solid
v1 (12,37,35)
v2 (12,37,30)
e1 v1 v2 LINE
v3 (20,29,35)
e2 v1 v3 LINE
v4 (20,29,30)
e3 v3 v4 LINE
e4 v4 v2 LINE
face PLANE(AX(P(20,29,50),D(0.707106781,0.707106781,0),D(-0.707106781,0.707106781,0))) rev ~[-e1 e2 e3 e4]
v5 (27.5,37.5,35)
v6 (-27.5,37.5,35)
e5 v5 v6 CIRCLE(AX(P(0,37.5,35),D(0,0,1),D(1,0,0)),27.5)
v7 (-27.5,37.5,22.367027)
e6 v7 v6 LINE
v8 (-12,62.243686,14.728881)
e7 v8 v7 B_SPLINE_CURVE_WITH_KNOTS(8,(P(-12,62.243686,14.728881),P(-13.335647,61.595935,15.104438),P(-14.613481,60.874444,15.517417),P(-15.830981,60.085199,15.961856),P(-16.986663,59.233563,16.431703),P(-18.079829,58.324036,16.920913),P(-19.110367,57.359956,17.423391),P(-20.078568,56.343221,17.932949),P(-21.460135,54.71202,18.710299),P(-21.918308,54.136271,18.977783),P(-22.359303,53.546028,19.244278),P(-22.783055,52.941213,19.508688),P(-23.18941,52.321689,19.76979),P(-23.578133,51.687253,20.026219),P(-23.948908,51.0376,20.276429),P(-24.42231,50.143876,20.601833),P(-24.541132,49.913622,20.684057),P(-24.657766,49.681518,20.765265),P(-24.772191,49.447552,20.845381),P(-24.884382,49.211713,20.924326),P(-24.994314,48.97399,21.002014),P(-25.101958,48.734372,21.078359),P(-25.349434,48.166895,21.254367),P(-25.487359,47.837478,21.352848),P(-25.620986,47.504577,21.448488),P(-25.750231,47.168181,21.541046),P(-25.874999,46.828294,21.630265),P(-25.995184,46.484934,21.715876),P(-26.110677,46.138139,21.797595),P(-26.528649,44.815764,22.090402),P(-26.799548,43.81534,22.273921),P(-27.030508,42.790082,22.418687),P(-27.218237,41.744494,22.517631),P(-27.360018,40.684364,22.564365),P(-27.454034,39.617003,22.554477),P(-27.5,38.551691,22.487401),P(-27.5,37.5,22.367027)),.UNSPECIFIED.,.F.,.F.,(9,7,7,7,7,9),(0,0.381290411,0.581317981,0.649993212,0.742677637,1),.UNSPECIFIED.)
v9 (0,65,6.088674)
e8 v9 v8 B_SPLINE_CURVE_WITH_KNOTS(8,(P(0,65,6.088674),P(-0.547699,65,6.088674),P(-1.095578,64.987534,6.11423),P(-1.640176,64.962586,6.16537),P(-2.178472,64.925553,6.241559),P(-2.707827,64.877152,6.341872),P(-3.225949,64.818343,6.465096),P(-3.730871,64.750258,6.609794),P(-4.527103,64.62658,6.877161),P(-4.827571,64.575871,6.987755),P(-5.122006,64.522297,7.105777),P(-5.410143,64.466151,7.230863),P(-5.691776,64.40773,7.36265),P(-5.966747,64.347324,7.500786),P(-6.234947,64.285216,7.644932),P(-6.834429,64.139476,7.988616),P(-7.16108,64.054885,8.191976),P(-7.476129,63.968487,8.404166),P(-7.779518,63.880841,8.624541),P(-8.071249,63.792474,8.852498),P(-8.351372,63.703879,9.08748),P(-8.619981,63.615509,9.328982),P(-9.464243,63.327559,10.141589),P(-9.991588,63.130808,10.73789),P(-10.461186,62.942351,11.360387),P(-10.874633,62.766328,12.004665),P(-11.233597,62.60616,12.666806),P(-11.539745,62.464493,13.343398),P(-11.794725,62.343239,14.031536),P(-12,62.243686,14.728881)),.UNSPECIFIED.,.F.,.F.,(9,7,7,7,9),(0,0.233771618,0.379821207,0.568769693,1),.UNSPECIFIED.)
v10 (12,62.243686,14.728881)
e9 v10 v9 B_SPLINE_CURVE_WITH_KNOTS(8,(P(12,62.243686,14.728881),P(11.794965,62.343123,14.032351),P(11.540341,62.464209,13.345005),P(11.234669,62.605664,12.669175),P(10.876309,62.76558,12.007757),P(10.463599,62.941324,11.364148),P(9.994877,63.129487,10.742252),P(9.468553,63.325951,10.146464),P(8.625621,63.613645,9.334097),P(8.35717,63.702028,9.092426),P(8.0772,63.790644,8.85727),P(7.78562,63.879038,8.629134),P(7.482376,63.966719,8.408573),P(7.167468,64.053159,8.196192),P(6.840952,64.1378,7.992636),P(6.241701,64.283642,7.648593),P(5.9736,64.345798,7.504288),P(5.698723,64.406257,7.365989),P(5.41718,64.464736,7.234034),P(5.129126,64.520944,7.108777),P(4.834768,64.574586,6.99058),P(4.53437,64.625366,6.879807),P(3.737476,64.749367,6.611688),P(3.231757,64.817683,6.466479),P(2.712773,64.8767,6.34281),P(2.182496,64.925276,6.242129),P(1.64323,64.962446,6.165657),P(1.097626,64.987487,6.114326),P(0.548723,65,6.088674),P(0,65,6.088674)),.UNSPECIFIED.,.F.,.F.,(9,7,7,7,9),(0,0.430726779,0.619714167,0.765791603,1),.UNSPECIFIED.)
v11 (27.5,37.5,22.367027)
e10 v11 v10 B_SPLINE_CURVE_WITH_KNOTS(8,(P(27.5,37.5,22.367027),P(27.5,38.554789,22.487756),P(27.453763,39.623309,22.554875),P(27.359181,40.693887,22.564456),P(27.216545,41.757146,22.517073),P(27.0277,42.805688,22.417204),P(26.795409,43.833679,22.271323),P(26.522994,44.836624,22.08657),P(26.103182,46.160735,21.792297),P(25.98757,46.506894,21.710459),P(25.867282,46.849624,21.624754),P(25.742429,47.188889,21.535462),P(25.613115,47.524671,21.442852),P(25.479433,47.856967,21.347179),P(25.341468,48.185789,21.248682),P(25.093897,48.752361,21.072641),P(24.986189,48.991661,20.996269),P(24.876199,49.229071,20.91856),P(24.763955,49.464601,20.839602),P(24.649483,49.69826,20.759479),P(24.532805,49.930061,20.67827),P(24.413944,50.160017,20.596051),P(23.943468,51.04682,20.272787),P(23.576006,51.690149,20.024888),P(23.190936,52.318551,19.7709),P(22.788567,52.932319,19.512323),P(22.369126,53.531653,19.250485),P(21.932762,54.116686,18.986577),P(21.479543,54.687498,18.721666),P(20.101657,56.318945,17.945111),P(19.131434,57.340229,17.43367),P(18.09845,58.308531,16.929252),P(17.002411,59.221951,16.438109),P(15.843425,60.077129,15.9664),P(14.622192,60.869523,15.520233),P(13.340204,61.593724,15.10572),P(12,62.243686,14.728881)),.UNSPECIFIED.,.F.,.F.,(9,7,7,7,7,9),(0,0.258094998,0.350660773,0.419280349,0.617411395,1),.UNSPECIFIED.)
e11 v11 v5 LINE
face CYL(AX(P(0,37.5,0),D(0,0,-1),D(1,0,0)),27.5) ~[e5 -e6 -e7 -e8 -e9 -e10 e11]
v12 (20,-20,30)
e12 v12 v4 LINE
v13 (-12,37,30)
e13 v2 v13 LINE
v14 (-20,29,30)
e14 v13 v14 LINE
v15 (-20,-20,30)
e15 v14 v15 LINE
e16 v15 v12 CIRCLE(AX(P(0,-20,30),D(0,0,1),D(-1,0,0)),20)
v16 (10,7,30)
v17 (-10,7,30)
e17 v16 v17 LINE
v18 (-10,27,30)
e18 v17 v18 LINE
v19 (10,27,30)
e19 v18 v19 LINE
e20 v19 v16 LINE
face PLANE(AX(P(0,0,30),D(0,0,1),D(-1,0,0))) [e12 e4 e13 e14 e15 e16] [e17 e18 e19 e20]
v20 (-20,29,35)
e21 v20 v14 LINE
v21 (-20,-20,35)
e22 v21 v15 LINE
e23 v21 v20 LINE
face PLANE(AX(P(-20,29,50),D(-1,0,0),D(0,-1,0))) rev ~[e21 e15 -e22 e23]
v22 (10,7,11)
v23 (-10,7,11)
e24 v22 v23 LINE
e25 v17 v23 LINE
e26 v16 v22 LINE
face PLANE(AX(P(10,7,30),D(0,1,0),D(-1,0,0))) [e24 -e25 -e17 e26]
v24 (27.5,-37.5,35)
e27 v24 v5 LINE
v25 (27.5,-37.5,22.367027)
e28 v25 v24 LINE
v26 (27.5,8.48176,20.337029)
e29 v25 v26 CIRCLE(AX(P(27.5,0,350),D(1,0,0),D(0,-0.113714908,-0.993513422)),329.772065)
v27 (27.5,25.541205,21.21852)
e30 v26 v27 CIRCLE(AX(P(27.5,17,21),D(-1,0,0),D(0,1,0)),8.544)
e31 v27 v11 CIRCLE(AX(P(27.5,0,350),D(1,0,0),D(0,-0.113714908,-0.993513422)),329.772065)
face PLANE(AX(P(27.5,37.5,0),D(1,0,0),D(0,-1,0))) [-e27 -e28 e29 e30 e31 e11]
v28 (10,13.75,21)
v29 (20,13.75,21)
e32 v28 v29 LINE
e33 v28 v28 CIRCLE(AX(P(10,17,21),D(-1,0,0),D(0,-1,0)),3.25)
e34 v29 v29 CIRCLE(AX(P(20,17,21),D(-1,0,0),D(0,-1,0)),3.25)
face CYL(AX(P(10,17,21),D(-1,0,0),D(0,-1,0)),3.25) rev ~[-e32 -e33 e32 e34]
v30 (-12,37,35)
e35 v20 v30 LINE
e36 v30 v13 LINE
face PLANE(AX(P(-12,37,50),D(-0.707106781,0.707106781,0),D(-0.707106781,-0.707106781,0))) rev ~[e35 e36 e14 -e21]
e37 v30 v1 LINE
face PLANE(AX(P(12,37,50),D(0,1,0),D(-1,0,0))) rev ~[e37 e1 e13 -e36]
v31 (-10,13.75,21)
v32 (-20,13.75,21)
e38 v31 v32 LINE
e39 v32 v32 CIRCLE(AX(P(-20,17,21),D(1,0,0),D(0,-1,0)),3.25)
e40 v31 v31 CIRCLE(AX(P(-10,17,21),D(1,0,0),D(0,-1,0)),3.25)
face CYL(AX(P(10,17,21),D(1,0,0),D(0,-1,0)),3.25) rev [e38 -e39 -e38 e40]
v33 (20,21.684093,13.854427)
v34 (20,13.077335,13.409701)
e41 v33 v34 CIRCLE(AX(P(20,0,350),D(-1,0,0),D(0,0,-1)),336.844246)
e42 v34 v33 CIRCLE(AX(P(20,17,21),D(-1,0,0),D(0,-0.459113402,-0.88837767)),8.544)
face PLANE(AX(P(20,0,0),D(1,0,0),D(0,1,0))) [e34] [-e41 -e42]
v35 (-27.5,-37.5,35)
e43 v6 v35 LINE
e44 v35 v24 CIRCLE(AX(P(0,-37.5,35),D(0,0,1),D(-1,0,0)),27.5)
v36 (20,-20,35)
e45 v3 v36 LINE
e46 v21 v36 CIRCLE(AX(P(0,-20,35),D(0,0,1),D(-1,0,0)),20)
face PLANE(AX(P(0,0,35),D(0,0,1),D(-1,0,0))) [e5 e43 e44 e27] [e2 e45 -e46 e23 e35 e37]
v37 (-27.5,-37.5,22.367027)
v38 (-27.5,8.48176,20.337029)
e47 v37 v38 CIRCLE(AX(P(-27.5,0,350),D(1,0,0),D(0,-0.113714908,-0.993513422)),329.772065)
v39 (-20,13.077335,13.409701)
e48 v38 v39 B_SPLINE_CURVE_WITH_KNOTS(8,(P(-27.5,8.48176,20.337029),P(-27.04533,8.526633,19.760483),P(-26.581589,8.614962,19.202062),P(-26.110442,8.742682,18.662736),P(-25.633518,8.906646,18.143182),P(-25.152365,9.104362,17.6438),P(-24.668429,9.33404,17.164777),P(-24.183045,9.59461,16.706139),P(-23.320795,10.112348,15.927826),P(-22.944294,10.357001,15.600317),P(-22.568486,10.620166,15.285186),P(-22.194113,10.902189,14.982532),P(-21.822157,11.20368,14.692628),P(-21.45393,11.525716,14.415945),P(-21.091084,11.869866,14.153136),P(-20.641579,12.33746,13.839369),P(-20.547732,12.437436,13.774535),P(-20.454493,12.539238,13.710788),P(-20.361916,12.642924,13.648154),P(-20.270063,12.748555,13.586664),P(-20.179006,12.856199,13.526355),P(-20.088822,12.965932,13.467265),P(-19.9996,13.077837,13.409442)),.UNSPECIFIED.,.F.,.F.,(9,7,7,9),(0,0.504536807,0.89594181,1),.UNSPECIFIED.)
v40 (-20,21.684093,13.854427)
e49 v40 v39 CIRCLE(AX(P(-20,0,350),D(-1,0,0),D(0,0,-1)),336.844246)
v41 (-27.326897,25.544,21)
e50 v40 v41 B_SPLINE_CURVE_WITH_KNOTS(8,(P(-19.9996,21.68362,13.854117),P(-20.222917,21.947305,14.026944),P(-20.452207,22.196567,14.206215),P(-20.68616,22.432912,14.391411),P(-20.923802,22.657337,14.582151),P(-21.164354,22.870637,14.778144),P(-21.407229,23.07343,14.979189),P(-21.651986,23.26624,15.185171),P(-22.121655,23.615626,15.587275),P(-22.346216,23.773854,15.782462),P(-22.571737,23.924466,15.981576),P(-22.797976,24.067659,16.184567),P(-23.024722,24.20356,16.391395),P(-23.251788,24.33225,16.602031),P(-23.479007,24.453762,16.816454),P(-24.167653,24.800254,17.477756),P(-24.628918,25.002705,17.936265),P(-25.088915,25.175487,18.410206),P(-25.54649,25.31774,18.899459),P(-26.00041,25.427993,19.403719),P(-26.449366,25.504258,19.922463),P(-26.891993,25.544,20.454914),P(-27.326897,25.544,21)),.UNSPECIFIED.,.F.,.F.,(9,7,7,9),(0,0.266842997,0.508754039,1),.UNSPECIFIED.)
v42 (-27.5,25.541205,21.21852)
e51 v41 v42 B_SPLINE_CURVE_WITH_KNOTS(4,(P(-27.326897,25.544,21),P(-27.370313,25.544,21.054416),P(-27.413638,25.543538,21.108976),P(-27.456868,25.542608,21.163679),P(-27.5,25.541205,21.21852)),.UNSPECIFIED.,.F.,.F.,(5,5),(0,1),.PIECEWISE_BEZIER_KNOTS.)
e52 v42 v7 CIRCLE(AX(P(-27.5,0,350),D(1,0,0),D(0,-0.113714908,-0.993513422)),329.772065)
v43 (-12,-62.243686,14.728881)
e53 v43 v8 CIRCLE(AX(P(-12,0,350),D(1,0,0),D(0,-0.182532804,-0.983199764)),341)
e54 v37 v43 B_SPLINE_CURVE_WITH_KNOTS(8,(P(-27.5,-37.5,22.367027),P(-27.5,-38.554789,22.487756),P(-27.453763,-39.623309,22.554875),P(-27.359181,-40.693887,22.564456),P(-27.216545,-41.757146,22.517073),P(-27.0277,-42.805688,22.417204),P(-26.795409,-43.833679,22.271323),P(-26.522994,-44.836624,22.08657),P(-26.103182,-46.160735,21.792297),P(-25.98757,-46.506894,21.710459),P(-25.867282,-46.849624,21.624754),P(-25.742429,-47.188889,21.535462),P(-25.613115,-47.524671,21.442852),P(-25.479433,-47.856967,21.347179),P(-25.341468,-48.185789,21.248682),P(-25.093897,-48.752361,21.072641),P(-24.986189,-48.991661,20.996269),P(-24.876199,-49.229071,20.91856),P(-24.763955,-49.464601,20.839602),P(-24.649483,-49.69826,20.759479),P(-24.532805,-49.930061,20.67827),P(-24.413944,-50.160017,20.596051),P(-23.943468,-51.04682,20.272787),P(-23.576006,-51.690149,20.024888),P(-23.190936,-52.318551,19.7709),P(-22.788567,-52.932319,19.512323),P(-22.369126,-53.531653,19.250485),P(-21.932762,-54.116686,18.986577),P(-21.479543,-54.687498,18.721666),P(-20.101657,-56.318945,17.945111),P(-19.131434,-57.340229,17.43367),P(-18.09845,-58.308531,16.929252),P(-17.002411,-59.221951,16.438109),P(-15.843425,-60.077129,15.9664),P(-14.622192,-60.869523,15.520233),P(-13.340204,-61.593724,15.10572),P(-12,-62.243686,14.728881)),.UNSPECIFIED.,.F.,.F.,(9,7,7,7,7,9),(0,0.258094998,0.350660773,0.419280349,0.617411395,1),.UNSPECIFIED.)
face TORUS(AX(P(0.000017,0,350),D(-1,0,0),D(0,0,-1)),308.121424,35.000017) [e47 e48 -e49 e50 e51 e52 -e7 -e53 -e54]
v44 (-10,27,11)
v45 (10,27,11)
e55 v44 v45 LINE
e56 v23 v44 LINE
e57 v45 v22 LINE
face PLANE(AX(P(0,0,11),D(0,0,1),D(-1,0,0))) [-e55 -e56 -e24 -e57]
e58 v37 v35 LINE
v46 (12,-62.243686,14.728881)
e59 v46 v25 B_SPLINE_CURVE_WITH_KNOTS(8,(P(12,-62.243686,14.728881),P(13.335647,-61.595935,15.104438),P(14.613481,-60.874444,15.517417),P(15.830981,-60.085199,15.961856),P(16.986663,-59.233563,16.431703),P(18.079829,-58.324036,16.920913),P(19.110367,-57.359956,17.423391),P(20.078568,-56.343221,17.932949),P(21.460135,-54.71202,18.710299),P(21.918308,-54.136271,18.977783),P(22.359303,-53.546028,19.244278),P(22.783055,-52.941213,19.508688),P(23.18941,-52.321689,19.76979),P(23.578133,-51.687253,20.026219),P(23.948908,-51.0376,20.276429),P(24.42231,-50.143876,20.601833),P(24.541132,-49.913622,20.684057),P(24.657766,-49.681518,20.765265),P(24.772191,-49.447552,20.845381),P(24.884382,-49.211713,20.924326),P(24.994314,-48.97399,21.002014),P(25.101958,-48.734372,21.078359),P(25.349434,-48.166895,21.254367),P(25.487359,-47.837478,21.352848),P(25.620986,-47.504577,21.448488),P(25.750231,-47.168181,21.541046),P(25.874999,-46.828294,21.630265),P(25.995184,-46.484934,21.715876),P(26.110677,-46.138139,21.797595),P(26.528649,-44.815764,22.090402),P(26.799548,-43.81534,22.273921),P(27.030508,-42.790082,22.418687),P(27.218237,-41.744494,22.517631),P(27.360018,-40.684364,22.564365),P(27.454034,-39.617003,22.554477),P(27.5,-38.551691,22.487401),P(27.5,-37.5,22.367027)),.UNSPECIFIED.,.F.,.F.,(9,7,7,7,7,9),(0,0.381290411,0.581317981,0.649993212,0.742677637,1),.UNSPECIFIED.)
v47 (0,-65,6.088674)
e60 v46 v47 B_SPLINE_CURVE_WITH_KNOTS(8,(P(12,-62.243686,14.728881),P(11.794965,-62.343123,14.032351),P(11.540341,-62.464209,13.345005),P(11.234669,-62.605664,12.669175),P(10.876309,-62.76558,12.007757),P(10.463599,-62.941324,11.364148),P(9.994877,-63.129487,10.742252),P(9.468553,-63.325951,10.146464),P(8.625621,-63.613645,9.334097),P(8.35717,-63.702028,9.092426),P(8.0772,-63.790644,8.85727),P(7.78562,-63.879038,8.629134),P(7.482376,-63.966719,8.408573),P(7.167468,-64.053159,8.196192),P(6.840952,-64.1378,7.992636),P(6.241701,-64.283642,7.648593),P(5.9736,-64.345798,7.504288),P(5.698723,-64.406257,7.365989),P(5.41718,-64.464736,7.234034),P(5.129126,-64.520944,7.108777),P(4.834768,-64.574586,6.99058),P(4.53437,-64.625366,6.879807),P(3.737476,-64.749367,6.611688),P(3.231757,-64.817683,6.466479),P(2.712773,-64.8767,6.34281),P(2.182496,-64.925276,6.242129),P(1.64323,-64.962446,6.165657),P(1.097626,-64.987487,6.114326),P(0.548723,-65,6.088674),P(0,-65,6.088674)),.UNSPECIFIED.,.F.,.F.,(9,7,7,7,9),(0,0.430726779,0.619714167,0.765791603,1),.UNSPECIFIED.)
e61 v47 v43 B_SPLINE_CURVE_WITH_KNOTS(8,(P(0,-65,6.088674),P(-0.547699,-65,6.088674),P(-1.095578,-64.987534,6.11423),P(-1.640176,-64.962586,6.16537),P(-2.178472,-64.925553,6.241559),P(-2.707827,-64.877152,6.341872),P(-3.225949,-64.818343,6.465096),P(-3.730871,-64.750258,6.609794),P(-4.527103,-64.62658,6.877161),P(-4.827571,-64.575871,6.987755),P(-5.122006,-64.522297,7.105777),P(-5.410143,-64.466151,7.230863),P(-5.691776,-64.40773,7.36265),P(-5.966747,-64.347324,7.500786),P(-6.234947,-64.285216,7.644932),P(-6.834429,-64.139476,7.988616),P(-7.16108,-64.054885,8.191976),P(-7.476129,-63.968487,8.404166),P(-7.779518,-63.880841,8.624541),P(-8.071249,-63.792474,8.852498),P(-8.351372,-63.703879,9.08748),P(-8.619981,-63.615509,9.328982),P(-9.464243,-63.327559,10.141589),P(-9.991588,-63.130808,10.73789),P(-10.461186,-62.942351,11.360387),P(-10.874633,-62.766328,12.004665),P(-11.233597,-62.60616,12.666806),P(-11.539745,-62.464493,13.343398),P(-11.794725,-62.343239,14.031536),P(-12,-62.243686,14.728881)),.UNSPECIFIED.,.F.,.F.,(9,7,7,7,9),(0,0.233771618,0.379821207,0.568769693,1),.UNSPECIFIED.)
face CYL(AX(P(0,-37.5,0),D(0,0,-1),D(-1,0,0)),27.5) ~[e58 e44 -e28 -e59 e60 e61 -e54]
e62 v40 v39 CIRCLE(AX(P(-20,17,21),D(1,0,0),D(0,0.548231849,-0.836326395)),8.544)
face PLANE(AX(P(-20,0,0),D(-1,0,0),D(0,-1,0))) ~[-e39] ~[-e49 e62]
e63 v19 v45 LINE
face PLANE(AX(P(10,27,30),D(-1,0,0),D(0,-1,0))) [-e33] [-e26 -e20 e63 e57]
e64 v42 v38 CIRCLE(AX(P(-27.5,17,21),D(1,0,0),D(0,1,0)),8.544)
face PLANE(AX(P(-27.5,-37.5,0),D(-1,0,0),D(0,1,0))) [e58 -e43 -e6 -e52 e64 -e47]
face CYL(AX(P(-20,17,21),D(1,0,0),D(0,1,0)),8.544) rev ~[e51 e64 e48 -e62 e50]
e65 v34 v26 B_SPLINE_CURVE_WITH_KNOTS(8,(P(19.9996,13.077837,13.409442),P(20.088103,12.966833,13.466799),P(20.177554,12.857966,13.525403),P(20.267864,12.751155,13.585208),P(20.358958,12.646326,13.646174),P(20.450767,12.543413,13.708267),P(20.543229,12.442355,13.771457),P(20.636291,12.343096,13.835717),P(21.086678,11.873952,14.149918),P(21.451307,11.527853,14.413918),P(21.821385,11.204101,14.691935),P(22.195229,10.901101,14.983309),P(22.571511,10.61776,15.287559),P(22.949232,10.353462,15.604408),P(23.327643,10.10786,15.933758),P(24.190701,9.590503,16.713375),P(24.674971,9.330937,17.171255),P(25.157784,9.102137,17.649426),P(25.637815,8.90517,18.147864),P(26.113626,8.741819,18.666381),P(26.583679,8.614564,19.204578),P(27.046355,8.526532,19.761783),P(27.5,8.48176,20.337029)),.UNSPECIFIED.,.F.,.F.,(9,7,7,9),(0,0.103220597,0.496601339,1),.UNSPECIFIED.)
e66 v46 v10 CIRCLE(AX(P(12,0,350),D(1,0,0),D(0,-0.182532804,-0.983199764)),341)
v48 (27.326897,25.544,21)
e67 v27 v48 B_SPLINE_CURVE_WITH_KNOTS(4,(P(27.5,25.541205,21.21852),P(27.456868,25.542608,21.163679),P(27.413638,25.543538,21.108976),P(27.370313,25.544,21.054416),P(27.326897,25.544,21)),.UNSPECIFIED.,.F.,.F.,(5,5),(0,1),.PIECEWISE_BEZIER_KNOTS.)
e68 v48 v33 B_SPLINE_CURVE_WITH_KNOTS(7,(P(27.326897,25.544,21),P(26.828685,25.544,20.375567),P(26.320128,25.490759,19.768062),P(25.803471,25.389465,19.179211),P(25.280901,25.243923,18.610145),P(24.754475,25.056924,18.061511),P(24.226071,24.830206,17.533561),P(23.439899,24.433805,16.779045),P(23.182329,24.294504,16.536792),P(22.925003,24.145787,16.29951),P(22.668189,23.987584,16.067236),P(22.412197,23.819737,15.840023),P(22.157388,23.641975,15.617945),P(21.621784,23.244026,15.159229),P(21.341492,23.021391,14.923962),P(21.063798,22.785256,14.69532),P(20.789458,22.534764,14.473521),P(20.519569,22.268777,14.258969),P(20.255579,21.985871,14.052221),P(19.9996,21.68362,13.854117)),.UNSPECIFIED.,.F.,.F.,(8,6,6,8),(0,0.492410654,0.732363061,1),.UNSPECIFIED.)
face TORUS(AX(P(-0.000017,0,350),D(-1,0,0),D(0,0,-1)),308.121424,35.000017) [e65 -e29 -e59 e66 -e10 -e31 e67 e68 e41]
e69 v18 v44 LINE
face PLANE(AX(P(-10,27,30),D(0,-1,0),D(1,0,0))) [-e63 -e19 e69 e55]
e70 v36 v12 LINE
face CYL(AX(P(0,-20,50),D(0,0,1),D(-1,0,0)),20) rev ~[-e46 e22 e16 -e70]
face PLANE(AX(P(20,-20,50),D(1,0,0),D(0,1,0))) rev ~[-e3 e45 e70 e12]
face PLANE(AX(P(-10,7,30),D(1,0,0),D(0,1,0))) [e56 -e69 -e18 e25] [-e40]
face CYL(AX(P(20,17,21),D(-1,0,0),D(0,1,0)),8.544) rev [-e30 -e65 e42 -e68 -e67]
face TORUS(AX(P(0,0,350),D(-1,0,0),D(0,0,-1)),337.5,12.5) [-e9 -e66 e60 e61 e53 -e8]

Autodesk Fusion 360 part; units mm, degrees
sketch "スケッチ2" plane through (0, 0, 0) normal (0, 0, 1) x (1, 0, 0)
  line L0 (27.5, 37.5) -> (27.5, -37.5)
  line L1 (-27.5, -37.5) -> (-27.5, 37.5)
  arc A0 (27.5, 37.5) -> (-27.5, 37.5) centre (0, 37.5) ccw
  arc A1 (-27.5, -37.5) -> (27.5, -37.5) centre (0, -37.5) ccw
  dimension "d2" = 27.5
  dimension "d3" = 75
  dimension "d4" = 37.5
extrude "押し出し1" add sketch "スケッチ2" along normal blind 50
sketch "スケッチ3" plane through (0, 0, 50) normal (0, 0, 1) x (-1, 0, 0)
  arc A0 (-27.5, -37.5) -> (27.5, -37.5) centre (0, -37.5) ccw
  line L0 (27.5, -37.5) -> (27.5, 37.5)
  arc A1 (27.5, 37.5) -> (-27.5, 37.5) centre (0, 37.5) ccw
  line L1 (-27.5, 37.5) -> (-27.5, -37.5)
  line L2 (20, -29) -> (20, 20)
  arc A2 (20, 20) -> (-20, 20) centre (0, 20) ccw
  line L3 (-20, 20) -> (-20, -29)
  line L4 (-20, -29) -> (-12, -37)
  line L5 (-12, -37) -> (12, -37)
  line L6 (12, -37) -> (20, -29)
  dimension "d7" = 20
  dimension "d8" = 57
  dimension "d9" = 24
  dimension "d45" = 20
extrude "押し出し2" cut sketch "スケッチ3" against normal blind 20 contours L2 A2 L3 L4 L5 L6
sketch "スケッチ4" plane through (0, 0, 30) normal (0, 0, 1) x (-1, 0, 0)
  line L0 (12, -37) -> (20, -29)
  line L1 (20, -29) -> (20, 20)
  arc A0 (20, 20) -> (-20, 20) centre (0, 20) ccw
  line L2 (-20, 20) -> (-20, -29)
  line L3 (-20, -29) -> (-12, -37)
  line L4 (-12, -37) -> (12, -37)
  line L5 (10, -27) -> (-10, -27)
  line L6 (-10, -27) -> (-10, -7)
  line L7 (-10, -7) -> (10, -7)
  line L8 (10, -7) -> (10, -27)
  dimension "d14" = 10
  dimension "d48" = 10
  dimension "d49" = 10
extrude "押し出し3" cut sketch "スケッチ4" against normal blind 19 contours L5 L6 L7 L8
sketch "スケッチ5" plane through (0, 0, 0) normal (0, 1, 0) x (1, 0, 0)
  arc A0 (12, -9) -> (-12, -9) centre (0, -12.5) ccw
  line L0 (35, -41.8786) -> (35, 32.3347)
  line L1 (35, 32.3347) -> (-35, 32.3347)
  line L2 (-35, 32.3347) -> (-35, -41.8786)
  line L3 (75, -350) -> (-75, -350)
  line L4 (-27.5, 0) -> (27.5, 0)
  arc A1 (35, -41.8786) -> (12, -9) centre (0, -41.8786) ccw
  arc A2 (-12, -9) -> (-35, -41.8786) centre (0, -41.8786) ccw
  dimension "d18" = 12.5
  dimension "d19" = 350
  dimension "d23" = 70
  dimension "d24" = 35
revolve "回転1" cut sketch "スケッチ5" angle 360 about axis through (75, 0, 350) along (-1, 0, 0)
sketch "スケッチ9" plane through (10, 0, 0) normal (-1, 0, 0) x (0, -1, 0)
  line L0 (-7, 30) -> (-27, 30)
  line L1 (-27, 30) -> (-27, 11)
  line L2 (-27, 11) -> (-7, 11)
  line L3 (-7, 11) -> (-7, 30)
  circle A0 centre (-17, 21) radius 3.25
  dimension "d31" = 6.5
  dimension "d32" = 9
  dimension "d33" = 10
extrude "押し出し6" cut sketch "スケッチ9" along normal through all and the other way through all contours A0
sketch "スケッチ14" plane through (0, 0, 0) normal (1, 0, 0) x (0, 1, 0)
  circle A0 centre (17, 21) radius 8.544
  point P0 (17, 21)
  dimension "d40" = 17.088
extrude "押し出し8" cut sketch "スケッチ14" along normal blind 20 from surface at 20
mirror "ミラー1" about plane through (0, 0, 0) normal (1, 0, 0) of "押し出し8"
sketch "スケッチ15" plane through (0, 0, 50) normal (0, 0, 1) x (-1, 0, 0)
  line L0 (20, 20) -> (20, -29)
  line L1 (20, -29) -> (12, -37)
  line L2 (12, -37) -> (-12, -37)
  line L3 (-12, -37) -> (-20, -29)
  line L4 (-20, -29) -> (-20, 20)
  arc A0 (20, 20) -> (-20, 20) centre (0, 20) ccw
  arc A1 (-27.5, -37.5) -> (27.5, -37.5) centre (0, -37.5) ccw
  line L5 (27.5, -37.5) -> (27.5, 37.5)
  arc A2 (27.5, 37.5) -> (-27.5, 37.5) centre (0, 37.5) ccw
  line L6 (-27.5, 37.5) -> (-27.5, -37.5)
  line L7 (42.7311, -72.162) -> (-49.8708, -72.162)
  line L8 (-49.8708, -72.162) -> (-49.8708, 74.8211)
  line L9 (-49.8708, 74.8211) -> (42.7311, 74.8211)
  line L10 (42.7311, 74.8211) -> (42.7311, -72.162)
extrude "押し出し9" cut sketch "スケッチ15" against normal blind 15 contours A1 L5 A2 L6
